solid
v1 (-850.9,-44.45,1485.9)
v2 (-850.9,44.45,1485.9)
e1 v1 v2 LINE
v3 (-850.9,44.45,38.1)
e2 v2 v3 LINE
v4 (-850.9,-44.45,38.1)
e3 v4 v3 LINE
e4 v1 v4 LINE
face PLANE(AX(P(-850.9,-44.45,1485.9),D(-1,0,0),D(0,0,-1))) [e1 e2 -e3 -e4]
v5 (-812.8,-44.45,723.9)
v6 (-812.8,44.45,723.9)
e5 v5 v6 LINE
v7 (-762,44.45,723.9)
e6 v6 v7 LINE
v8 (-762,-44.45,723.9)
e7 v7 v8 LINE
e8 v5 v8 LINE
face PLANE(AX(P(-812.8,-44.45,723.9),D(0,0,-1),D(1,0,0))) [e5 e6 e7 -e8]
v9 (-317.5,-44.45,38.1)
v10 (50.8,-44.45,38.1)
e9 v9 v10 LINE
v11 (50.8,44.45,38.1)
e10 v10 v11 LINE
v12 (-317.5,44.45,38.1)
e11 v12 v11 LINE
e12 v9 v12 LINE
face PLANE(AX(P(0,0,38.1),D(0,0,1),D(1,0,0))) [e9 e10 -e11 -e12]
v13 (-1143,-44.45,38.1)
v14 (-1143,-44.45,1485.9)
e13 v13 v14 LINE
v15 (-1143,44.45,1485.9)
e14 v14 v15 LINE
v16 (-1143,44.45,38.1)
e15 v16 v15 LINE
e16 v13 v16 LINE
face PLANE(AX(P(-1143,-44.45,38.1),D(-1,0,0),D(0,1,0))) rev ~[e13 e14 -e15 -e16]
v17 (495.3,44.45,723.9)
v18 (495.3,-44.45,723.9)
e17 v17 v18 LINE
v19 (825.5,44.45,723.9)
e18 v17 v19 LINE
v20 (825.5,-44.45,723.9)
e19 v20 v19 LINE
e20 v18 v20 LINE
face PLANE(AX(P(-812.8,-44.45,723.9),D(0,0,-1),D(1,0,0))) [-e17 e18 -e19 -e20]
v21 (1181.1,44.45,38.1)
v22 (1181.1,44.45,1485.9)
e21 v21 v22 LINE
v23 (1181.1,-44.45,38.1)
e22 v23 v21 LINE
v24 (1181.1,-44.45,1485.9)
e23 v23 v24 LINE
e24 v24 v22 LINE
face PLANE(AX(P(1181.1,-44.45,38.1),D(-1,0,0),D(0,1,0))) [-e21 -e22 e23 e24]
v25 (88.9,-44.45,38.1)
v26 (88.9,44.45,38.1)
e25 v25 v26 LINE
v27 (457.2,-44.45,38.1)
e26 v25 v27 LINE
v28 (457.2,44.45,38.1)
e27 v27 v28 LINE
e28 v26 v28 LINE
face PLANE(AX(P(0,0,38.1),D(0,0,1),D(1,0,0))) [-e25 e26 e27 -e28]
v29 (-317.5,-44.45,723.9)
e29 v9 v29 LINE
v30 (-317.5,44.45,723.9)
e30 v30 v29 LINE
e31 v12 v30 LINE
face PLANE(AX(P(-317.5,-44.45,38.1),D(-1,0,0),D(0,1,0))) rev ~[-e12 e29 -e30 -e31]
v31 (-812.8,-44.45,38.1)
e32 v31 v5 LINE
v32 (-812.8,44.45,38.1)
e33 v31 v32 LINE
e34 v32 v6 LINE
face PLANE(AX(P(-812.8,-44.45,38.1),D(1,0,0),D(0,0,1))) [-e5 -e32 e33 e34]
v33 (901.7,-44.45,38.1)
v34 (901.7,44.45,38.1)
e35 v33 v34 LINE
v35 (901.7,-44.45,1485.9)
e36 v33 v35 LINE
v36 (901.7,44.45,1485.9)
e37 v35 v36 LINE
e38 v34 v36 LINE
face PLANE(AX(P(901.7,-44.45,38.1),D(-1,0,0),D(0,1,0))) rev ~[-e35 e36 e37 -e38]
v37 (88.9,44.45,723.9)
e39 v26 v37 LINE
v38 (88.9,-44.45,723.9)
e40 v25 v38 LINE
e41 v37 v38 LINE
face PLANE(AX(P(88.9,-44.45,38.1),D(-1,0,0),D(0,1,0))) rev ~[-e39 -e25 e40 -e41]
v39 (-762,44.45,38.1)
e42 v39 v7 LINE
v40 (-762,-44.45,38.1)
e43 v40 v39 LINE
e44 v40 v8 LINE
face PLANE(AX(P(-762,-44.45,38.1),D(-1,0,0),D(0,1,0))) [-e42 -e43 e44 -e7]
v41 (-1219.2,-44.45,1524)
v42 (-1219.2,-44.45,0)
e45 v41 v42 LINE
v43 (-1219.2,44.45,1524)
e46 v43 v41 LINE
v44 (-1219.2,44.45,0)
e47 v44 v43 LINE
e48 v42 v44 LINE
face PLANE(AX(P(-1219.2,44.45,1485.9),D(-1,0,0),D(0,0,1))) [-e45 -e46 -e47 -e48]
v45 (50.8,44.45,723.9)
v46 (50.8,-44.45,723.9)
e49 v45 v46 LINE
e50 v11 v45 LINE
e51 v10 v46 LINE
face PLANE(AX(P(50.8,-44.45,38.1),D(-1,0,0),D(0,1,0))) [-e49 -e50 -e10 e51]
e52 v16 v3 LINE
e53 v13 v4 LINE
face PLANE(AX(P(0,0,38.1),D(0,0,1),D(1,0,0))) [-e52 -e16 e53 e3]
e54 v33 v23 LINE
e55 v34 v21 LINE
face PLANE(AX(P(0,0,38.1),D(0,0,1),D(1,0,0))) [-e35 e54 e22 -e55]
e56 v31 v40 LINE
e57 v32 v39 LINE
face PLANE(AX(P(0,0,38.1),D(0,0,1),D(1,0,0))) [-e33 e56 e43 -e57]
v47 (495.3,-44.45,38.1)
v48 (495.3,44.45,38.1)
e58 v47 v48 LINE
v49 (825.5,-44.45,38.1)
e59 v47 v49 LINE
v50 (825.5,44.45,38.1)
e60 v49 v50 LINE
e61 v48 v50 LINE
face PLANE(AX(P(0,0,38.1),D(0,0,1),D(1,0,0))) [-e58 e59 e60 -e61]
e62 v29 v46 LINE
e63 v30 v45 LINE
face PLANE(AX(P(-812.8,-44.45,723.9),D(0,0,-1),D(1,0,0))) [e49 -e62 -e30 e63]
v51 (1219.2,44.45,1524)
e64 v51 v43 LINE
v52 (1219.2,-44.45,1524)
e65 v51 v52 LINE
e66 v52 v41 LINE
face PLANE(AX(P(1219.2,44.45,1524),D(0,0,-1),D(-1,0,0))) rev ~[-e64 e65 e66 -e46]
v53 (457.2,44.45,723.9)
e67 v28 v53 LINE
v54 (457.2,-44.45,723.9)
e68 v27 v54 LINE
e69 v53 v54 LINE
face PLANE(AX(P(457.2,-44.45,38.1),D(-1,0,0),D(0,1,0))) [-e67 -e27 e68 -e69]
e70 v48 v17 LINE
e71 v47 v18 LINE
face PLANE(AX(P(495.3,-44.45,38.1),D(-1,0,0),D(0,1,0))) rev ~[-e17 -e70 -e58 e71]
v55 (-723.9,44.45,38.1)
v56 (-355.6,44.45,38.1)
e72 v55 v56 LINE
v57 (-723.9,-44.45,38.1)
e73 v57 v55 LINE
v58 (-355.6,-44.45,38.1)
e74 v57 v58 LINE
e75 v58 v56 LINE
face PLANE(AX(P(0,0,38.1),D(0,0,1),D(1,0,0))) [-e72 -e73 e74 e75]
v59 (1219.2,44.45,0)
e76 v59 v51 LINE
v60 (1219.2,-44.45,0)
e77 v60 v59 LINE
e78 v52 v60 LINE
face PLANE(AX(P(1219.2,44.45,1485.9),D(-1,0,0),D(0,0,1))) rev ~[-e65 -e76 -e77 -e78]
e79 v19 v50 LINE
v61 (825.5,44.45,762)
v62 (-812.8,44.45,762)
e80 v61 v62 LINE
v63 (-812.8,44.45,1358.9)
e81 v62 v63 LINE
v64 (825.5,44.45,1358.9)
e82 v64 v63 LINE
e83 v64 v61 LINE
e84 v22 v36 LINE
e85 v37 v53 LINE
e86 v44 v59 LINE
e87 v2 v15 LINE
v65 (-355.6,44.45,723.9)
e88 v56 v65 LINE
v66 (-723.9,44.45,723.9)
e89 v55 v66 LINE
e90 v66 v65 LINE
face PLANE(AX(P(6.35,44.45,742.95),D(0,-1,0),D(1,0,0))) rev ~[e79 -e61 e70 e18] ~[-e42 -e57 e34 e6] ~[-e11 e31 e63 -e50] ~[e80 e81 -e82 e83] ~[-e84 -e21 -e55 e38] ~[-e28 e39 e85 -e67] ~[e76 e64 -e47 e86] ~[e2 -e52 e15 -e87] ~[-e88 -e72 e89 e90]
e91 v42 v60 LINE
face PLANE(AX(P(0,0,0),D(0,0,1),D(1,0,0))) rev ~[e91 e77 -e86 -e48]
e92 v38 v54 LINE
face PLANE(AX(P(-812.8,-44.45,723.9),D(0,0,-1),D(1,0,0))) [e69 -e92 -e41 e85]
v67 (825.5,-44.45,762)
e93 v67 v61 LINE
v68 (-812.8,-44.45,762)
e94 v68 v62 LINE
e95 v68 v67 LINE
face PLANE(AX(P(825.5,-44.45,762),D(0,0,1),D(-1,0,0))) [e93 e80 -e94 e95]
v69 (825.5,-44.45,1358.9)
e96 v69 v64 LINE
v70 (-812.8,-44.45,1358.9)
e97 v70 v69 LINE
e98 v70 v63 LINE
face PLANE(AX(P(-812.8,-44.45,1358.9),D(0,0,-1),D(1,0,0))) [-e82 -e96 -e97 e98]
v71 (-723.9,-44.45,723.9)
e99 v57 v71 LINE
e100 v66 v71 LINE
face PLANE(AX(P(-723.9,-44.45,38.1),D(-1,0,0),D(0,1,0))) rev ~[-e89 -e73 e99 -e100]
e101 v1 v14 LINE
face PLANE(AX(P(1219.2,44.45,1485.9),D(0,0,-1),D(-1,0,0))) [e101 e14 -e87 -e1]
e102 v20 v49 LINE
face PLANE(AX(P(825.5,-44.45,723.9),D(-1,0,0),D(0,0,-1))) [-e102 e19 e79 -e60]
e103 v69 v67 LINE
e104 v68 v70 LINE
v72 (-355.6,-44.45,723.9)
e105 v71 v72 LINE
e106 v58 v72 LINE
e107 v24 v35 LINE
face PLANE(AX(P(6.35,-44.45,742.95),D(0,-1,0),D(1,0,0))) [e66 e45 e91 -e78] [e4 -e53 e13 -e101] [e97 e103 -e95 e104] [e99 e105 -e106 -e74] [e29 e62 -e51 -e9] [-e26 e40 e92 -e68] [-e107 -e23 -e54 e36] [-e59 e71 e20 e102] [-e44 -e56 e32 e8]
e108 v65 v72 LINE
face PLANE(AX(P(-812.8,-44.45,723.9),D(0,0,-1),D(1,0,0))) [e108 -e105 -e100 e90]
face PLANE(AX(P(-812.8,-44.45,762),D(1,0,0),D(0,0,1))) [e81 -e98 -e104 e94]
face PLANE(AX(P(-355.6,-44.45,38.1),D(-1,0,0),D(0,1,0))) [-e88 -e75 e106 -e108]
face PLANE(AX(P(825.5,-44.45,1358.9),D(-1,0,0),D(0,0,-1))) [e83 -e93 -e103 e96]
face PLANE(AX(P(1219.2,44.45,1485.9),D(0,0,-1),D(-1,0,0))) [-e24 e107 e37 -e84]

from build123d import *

# Parameters (mm, degrees)
F0_W     = 2438.4
F0_H     = 88.9
F1_DEPTH = 38.1
F2_W     = 38.1
F2_H     = 88.9
F3_DEPTH = 1447.8
F4_W     = 2438.4
F4_H     = 38.1
F5_DEPTH = 88.9
F7_DEPTH = 88.9
F8_W     = 1638.3
F8_H     = 596.9
F9_DEPTH = 215.9


with BuildPart() as f1:
    # F0 (on Top) → F1 (new body)
    with BuildSketch(Plane.XY):
        Rectangle(F0_W, F0_H)
    extrude(amount=F1_DEPTH)

    # F2 (on face) → F3 (join)
    with BuildSketch(Plane.XY.offset(38.1)):
        with Locations((1200.15, 0)):
            Rectangle(F2_W, F2_H)
        with Locations((882.65, 0)):
            Rectangle(F2_W, F2_H)
        with Locations((476.25, 0)):
            Rectangle(F2_W, F2_H)
        with Locations((69.85, 0)):
            Rectangle(F2_W, F2_H)
        with Locations((-336.55, 0)):
            Rectangle(F2_W, F2_H)
        with Locations((-742.95, 0)):
            Rectangle(F2_W, F2_H)
        with Locations((-1200.15, 0)):
            Rectangle(F2_W, F2_H)
        with Locations((-1162.05, 0)):
            Rectangle(F2_W, F2_H)
    extrude(amount=F3_DEPTH)

    # F4 (on face) → F5 (join)
    with BuildSketch(Plane(origin=(0, 44.45, 0), x_dir=(-1, 0, 0), z_dir=(0, 1, 0))):
        with Locations((0, 1504.95)):
            Rectangle(F4_W, F4_H)
    extrude(amount=-F5_DEPTH)

    # F6 (on face) → F7 (join)
    with BuildSketch(Plane.XZ.offset(44.45)):
        Polygon((825.5, 762), (812.8, 762), (-812.8, 762), (-812.8, 723.9), (825.5, 723.9), align=None)
        Polygon((-812.8, 723.9), (-812.8, 762), (-812.8, 1358.9), (-812.8, 1485.9), (-850.9, 1485.9), (-850.9, 38.1), (-812.8, 38.1), align=None)
        Polygon((-812.8, 1358.9), (812.8, 1358.9), (825.5, 1358.9), (825.5, 1485.9), (-812.8, 1485.9), align=None)
        Polygon((825.5, 1358.9), (825.5, 762), (825.5, 723.9), (825.5, 38.1), (863.6, 38.1), (863.6, 1485.9), (825.5, 1485.9), align=None)
    extrude(amount=-F7_DEPTH)

    # F8 (on face) → F9 (cut)
    with BuildSketch(Plane.XZ.offset(44.45)):
        with Locations((6.35, 1060.45)):
            Rectangle(F8_W, F8_H)
    extrude(amount=-F9_DEPTH, mode=Mode.SUBTRACT)


solid = f1.part
